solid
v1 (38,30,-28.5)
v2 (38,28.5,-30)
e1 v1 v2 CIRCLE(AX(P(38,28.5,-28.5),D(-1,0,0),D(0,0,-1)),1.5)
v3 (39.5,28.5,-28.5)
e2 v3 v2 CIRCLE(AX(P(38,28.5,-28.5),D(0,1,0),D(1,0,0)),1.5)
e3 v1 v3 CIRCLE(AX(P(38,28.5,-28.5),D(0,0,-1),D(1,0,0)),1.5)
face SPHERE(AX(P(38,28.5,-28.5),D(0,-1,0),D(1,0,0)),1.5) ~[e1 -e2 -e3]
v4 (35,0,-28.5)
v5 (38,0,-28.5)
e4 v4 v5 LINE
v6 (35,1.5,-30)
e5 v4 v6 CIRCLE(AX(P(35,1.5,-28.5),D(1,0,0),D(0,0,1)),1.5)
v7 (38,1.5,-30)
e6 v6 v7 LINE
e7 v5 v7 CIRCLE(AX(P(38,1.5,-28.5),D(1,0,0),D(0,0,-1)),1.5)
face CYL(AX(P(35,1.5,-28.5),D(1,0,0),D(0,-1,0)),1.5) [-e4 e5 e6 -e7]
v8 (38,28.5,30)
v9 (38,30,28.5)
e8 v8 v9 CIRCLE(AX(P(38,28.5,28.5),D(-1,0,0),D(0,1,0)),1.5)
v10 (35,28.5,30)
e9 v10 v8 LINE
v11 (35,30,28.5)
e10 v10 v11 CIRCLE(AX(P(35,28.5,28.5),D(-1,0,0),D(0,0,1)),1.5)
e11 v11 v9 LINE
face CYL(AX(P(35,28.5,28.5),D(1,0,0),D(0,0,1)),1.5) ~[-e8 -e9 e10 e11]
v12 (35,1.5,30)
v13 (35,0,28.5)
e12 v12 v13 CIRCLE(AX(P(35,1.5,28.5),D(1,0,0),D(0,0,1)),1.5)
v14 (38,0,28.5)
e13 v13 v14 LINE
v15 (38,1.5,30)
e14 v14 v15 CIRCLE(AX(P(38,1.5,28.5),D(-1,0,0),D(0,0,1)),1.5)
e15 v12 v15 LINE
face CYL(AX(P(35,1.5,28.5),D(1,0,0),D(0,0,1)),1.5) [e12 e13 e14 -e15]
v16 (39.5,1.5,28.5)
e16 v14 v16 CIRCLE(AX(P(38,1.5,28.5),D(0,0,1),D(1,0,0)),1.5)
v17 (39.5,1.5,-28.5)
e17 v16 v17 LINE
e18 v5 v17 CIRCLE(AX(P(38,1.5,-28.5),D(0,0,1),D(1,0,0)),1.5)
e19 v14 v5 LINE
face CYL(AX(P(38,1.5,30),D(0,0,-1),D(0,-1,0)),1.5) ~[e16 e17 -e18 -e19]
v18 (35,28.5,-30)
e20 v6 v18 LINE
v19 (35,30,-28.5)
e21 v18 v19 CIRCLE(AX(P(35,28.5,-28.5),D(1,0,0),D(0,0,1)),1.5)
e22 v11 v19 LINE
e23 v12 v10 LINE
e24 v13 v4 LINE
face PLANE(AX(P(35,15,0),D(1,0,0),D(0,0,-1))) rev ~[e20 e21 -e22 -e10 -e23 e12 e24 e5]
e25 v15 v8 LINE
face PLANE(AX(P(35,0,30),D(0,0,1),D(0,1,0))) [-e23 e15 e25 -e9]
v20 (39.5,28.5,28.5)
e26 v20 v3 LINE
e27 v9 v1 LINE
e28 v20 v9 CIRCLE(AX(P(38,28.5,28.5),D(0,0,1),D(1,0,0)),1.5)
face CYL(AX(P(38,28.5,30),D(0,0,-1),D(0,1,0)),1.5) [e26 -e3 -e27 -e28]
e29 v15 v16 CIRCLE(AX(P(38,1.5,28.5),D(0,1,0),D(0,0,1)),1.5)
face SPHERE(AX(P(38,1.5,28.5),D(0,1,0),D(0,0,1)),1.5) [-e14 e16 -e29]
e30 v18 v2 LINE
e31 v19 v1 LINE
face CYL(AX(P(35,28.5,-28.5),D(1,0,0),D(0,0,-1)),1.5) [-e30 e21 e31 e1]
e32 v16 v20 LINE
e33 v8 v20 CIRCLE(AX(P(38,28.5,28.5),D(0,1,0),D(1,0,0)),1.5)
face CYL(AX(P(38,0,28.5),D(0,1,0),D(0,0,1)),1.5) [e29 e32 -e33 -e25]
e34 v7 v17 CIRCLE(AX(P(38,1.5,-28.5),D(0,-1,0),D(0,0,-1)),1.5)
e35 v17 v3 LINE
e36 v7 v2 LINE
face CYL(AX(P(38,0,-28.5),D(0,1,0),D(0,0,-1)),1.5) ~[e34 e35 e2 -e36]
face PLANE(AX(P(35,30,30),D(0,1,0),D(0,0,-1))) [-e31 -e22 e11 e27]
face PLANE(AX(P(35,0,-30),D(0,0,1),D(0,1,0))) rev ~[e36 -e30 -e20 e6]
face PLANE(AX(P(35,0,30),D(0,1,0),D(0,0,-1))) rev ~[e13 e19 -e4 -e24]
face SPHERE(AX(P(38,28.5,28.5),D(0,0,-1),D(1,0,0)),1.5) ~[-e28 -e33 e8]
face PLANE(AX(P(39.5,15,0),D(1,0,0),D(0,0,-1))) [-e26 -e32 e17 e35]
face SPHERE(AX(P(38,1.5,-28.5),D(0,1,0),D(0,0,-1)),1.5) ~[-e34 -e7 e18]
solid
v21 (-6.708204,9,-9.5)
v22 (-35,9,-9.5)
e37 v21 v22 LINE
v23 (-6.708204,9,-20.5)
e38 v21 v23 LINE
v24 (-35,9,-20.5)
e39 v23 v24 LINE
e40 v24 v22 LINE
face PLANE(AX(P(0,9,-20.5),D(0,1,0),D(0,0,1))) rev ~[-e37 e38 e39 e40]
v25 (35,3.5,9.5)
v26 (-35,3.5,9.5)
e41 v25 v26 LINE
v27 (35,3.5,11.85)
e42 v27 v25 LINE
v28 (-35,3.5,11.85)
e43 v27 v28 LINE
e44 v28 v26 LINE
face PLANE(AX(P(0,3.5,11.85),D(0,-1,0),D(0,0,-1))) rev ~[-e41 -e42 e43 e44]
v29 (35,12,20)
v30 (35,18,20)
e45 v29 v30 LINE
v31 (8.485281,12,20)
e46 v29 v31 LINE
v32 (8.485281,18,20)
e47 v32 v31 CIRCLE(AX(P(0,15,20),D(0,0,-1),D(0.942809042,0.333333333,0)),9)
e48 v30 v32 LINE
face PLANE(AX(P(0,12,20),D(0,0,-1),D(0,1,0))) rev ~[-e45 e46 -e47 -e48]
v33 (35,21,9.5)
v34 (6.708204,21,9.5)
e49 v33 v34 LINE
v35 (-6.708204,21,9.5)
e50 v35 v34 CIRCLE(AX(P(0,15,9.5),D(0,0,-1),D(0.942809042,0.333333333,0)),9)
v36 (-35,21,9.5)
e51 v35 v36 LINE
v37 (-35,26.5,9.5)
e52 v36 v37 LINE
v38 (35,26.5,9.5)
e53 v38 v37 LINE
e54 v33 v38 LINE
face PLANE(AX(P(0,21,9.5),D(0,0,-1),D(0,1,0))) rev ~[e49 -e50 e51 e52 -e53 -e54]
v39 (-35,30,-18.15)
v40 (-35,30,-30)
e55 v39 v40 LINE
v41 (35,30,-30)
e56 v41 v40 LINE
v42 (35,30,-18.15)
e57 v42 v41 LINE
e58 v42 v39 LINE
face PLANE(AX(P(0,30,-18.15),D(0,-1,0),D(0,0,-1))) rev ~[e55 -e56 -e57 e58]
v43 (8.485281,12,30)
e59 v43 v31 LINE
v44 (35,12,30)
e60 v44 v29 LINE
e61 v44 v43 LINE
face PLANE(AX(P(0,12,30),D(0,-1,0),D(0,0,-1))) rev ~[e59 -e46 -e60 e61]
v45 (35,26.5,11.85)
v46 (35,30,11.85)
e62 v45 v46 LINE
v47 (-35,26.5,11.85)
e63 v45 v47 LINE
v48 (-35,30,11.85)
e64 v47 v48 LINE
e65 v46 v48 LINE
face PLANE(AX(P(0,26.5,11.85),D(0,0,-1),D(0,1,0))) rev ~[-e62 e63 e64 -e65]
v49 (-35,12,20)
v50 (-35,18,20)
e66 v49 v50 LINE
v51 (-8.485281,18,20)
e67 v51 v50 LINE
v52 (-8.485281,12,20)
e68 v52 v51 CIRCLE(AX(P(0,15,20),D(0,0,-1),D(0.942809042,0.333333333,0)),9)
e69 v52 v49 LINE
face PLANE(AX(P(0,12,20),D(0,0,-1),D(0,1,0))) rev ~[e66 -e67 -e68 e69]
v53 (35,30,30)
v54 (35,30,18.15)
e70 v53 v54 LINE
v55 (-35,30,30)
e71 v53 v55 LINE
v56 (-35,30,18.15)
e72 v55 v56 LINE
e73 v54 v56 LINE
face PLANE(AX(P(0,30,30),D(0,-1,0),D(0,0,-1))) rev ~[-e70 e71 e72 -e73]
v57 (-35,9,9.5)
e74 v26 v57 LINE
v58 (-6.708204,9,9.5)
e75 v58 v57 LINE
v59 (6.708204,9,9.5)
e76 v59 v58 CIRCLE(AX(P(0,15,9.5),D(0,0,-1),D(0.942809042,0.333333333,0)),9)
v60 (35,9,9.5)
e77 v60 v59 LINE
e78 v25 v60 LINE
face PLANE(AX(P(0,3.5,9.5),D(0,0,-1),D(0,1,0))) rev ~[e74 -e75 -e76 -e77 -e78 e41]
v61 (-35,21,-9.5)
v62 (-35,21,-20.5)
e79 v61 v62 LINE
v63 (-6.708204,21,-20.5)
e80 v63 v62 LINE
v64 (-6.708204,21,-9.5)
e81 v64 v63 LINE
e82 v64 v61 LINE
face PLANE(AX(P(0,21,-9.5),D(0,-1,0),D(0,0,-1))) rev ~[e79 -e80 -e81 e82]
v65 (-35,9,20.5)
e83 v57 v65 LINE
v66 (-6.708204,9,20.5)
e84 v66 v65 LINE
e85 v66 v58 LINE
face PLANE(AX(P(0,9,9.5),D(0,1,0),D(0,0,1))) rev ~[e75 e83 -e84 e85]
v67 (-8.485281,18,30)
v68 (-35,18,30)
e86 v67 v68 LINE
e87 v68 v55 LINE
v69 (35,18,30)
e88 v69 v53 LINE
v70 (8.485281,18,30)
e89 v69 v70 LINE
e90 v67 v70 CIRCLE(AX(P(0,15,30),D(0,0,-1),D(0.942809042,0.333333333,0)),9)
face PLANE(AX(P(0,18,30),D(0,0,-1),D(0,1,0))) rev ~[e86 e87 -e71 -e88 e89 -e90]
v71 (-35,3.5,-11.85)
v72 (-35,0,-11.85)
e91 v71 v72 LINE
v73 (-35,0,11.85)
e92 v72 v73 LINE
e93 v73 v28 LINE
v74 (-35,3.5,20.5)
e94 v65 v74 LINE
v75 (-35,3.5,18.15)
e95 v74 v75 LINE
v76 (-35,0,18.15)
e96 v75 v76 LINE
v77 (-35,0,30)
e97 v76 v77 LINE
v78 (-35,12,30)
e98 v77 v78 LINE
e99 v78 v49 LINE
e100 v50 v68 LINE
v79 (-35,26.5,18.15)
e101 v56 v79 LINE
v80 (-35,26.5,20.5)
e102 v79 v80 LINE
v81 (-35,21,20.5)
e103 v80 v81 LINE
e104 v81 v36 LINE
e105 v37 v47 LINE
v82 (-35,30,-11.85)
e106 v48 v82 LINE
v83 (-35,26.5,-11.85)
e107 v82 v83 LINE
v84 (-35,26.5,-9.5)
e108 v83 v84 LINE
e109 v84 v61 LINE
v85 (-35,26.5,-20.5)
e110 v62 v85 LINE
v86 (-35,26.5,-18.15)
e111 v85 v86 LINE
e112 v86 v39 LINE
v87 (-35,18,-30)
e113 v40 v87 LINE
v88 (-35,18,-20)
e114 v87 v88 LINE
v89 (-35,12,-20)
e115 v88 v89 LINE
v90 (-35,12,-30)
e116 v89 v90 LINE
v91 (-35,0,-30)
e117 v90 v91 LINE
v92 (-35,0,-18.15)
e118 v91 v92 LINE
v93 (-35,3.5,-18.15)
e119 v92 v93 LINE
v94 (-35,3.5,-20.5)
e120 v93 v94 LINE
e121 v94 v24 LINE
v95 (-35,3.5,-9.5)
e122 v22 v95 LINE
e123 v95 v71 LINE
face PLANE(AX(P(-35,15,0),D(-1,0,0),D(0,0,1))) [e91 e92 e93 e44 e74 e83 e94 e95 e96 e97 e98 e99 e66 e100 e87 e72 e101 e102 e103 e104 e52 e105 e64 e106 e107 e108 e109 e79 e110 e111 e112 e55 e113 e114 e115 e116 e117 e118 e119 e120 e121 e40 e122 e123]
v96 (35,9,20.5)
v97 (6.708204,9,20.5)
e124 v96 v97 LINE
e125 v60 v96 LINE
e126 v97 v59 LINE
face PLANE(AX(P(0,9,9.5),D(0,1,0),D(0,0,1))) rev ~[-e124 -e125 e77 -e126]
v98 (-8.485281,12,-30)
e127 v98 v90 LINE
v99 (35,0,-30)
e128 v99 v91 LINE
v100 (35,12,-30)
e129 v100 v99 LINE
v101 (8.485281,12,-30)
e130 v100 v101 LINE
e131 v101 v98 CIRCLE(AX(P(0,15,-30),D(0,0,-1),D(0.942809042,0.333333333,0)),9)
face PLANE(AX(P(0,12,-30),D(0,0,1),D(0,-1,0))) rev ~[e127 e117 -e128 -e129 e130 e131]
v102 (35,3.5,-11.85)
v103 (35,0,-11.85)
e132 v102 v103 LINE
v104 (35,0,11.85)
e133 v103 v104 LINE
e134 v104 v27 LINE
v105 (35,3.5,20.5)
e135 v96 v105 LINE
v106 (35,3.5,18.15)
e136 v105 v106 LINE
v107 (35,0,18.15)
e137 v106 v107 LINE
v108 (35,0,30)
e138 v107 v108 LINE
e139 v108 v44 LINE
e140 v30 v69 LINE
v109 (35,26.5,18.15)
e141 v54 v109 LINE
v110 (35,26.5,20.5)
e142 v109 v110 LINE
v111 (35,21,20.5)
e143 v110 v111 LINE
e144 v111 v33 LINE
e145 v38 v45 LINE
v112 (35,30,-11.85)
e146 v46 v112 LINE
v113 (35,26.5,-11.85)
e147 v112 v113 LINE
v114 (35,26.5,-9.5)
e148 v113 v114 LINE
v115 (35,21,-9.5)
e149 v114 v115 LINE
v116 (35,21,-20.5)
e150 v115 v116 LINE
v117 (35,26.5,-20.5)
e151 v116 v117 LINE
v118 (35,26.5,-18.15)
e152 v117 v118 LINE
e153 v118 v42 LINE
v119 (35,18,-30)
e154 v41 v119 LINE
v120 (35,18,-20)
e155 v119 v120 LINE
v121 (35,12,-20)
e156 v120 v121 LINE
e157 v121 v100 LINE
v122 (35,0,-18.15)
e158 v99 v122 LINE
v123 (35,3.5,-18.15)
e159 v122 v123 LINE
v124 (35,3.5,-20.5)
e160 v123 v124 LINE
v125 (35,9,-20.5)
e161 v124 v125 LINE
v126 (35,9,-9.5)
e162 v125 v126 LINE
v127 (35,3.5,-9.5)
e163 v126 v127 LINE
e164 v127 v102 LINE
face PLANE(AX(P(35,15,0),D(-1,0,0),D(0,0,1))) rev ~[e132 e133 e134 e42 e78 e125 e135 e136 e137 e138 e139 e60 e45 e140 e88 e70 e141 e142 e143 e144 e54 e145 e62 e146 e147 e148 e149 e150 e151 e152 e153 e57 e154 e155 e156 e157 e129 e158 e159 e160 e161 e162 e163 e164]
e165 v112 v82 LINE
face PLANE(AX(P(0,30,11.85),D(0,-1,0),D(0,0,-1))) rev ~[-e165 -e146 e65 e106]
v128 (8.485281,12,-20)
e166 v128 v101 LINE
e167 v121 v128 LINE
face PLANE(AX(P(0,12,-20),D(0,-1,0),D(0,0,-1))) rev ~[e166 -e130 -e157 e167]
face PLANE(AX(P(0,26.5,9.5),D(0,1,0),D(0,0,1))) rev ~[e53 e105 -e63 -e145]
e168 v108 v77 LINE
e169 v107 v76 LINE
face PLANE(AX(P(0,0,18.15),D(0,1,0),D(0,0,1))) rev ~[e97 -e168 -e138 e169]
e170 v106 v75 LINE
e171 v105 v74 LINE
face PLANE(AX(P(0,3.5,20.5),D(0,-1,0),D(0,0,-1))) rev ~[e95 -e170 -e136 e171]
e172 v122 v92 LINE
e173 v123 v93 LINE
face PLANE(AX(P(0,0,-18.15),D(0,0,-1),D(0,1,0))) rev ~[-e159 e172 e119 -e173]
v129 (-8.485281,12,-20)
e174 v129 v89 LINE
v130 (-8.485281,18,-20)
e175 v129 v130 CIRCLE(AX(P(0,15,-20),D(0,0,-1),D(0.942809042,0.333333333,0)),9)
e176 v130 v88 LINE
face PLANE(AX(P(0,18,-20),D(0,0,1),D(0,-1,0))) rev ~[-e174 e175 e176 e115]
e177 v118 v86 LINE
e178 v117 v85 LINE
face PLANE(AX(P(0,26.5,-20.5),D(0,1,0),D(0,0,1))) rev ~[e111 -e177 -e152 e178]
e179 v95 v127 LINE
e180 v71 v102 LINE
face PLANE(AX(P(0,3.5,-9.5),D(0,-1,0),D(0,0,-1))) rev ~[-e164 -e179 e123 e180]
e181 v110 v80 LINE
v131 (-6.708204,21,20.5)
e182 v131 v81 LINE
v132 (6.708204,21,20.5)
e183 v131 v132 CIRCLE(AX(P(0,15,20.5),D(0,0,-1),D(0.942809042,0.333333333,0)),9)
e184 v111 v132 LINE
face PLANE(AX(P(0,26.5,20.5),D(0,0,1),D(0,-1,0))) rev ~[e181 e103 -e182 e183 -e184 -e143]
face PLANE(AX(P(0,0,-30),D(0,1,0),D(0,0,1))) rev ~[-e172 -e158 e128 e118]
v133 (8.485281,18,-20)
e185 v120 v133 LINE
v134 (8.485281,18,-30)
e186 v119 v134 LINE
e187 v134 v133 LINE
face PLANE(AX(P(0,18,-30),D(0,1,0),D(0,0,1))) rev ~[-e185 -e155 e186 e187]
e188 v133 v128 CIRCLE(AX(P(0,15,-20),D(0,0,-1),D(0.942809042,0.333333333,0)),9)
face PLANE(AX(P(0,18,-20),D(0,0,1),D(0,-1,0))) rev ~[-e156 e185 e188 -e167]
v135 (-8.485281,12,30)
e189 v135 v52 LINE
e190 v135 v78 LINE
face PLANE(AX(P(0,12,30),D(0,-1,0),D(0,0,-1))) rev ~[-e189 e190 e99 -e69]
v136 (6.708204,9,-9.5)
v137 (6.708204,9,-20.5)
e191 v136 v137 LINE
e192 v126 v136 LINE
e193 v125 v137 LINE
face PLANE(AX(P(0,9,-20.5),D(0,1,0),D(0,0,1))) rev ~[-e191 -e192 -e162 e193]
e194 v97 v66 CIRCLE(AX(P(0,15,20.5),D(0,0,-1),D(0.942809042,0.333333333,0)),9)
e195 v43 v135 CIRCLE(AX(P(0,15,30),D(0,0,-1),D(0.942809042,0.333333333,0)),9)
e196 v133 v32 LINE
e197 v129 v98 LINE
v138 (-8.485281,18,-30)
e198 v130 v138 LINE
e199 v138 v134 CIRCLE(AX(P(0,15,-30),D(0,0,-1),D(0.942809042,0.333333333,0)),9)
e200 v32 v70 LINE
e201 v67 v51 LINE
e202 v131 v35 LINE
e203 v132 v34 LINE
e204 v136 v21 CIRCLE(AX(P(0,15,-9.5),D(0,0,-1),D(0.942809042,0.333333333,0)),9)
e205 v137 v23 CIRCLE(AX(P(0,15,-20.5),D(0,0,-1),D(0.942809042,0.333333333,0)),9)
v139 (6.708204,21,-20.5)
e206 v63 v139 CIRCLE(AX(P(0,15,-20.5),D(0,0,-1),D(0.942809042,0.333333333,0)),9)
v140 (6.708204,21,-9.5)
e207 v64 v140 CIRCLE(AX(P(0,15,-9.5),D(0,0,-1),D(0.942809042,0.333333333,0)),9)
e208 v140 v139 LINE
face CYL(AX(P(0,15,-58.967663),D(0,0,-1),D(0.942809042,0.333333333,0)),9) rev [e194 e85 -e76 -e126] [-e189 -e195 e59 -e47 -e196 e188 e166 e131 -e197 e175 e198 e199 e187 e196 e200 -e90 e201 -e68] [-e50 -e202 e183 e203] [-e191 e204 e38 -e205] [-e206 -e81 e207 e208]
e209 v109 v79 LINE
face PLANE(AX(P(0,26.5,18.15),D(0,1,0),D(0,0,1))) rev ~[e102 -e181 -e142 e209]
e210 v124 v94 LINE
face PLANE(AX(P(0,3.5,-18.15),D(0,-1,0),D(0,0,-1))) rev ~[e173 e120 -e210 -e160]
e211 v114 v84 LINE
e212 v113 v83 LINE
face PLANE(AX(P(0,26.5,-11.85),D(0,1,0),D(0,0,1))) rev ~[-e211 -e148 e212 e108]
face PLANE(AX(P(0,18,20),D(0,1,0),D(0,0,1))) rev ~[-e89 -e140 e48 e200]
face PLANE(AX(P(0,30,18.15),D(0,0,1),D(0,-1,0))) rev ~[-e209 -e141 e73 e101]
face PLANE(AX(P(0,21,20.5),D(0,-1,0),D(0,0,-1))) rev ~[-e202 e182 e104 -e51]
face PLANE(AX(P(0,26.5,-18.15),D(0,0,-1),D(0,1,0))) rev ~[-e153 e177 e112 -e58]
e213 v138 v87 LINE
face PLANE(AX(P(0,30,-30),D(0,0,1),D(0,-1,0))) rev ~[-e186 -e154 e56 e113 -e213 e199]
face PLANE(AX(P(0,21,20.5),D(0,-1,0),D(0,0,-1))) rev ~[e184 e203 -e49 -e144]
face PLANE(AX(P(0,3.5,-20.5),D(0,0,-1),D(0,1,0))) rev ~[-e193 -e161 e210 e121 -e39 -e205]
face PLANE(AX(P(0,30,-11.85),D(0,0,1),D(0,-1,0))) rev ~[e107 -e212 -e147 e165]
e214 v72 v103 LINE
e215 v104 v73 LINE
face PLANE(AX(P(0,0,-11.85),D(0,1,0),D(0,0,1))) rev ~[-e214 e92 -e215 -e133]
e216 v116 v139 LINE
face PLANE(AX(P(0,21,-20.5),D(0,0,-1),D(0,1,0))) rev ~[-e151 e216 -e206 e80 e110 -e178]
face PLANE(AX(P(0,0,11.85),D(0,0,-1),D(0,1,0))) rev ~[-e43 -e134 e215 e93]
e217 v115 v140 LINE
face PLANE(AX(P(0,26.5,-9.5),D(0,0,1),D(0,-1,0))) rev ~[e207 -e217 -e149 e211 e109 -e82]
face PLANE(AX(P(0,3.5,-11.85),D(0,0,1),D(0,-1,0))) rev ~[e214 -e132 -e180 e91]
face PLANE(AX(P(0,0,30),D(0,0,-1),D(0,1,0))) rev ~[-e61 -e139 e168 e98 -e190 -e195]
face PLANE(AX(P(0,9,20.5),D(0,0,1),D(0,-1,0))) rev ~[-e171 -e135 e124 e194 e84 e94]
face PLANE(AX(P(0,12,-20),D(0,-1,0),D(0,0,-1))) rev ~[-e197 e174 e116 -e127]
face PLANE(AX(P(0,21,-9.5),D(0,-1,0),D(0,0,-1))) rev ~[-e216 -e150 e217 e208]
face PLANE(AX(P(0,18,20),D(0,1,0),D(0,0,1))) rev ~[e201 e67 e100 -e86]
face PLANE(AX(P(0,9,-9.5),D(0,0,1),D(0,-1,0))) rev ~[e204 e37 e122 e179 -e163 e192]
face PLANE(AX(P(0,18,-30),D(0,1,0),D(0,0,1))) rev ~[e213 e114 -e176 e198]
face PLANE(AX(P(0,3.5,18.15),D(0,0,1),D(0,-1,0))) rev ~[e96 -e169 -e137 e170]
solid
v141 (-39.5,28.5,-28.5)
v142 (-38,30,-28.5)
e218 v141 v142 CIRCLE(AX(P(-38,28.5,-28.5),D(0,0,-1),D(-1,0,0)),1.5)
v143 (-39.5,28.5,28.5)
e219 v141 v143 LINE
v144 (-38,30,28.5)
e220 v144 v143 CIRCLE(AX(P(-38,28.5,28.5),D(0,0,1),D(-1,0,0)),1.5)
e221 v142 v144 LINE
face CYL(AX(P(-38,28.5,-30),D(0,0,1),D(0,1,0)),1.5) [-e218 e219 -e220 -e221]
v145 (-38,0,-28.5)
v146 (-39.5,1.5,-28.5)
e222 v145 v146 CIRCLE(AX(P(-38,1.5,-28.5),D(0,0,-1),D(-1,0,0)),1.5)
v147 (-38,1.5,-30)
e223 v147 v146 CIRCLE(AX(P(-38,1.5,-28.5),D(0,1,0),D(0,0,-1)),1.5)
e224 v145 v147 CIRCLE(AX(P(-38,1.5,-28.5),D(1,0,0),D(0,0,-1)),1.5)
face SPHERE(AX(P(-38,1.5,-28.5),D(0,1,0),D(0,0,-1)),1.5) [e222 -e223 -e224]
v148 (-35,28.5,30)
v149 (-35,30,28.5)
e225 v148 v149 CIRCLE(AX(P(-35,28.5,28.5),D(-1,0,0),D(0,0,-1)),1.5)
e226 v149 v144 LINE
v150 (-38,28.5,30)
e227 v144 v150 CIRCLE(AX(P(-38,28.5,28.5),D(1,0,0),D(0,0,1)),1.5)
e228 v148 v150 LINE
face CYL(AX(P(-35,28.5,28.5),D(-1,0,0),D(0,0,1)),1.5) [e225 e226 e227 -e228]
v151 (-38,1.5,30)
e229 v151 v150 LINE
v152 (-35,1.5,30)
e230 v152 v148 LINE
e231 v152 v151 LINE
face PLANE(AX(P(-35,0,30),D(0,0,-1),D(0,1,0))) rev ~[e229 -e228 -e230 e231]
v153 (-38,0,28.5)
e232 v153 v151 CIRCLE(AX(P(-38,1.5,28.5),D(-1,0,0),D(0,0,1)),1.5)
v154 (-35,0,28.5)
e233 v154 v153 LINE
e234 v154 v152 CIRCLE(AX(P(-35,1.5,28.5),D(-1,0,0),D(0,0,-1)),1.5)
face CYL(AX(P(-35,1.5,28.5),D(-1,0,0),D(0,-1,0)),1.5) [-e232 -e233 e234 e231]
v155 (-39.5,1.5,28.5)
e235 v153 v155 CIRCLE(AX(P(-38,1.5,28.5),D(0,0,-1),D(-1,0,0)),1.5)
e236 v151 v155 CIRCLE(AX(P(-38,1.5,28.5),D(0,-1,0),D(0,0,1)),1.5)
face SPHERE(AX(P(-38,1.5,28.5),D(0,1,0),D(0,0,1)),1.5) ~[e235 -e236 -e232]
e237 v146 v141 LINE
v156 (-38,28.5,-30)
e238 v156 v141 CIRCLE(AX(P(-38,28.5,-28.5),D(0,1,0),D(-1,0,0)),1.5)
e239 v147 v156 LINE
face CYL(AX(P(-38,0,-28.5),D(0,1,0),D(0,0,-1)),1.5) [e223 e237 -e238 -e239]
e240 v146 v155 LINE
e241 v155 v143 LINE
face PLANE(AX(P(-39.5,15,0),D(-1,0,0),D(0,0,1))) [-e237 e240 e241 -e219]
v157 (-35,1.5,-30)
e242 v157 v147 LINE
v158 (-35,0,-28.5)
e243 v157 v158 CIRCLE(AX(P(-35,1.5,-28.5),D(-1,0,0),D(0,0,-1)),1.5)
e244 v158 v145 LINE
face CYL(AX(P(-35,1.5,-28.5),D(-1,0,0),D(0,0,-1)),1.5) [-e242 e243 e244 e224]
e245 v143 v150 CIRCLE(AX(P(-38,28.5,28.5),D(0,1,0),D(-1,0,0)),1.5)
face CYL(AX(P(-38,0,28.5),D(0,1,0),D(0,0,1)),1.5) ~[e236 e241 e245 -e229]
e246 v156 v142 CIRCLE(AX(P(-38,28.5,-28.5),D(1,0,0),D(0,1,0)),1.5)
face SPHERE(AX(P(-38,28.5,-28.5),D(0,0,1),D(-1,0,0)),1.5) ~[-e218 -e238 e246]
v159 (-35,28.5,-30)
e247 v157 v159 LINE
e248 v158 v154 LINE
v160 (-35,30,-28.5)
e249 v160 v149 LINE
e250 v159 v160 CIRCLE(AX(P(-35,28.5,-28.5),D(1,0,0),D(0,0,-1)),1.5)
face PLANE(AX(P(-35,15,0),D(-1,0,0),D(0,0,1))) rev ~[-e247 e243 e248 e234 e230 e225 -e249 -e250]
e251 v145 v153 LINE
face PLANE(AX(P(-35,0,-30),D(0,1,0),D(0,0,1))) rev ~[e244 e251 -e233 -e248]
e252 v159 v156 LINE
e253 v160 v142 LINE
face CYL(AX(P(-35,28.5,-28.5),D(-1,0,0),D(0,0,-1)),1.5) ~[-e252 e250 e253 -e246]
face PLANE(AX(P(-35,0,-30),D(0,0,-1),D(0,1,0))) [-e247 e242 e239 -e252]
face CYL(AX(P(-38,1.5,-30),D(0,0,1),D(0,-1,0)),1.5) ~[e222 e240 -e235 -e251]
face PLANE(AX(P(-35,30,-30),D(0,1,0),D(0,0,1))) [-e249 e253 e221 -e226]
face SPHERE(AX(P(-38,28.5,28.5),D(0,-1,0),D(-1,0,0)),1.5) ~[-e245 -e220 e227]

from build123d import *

# Parameters (mm, degrees)
BOSS_EXTRUDE1_DEPTH     = 35
SKETCH2_W               = 60
SKETCH2_H               = 30
BOSS_EXTRUDE2_DEPTH     = 4.5
SKETCH3_W               = 60
SKETCH3_H               = 30
BOSS_EXTRUDE3_DEPTH     = 4.5
FILLET1_R               = 1.5
FILLET2_R               = 1.5
CUT_EXTRUDE1_DEPTH      = 58.9676634
CUT_EXTRUDE1_DEPTH_BACK = 58.9676634
SKETCH4_R               = 9


with BuildPart() as part:
    # Sketch1 → Boss-Extrude1 (new, symmetric)
    with BuildSketch(Plane(origin=(0, 0, 0), x_dir=(0, 0, -1), z_dir=(1, 0, 0))):
        Polygon((11.85, 0), (-11.85, 0), (-11.85, 3.5), (-9.5, 3.5), (-9.5, 9), (-20.5, 9), (-20.5, 3.5), (-18.15, 3.5), (-18.15, 0), (-30, 0), (-30, 12), (-20, 12), (-20, 18), (-30, 18), (-30, 30), (-18.15, 30), (-18.15, 26.5), (-20.5, 26.5), (-20.5, 21), (-9.5, 21), (-9.5, 26.5), (-11.85, 26.5), (-11.85, 30), (11.85, 30), (11.85, 26.5), (9.5, 26.5), (9.5, 21), (20.5, 21), (20.5, 26.5), (18.15, 26.5), (18.15, 30), (30, 30), (30, 18), (20, 18), (20, 12), (30, 12), (30, 0), (18.15, 0), (18.15, 3.5), (20.5, 3.5), (20.5, 9), (9.5, 9), (9.5, 3.5), (11.85, 3.5), align=None)
    extrude(amount=BOSS_EXTRUDE1_DEPTH, both=True)

    # Sketch4 → Cut-Extrude1 (cut, two sides: drawn at the far end of the back side and taken through both)
    with BuildSketch(Plane.XY.offset(-CUT_EXTRUDE1_DEPTH_BACK)):
        with Locations(Location((0, 15, 0), (0, 0, 19.471220634))):
            Circle(SKETCH4_R)
    extrude(amount=CUT_EXTRUDE1_DEPTH + CUT_EXTRUDE1_DEPTH_BACK, mode=Mode.SUBTRACT)


with BuildPart() as body_2:
    # Sketch2 → Boss-Extrude2 (new body)
    with BuildSketch(Plane(origin=(35, 0, 0), x_dir=(0, 0, -1), z_dir=(1, 0, 0))):
        with Locations((0, 15)):
            Rectangle(SKETCH2_W, SKETCH2_H)
    extrude(amount=BOSS_EXTRUDE2_DEPTH)

    # Fillet2
    fillet2_edges = [body_2.edges().sort_by_distance(p)[0] for p in [
        (39.5, 15, -30),
        (39.5, 30, 0),
        (39.5, 15, 30),
        (37.25, 30, 30),
        (37.25, 30, -30),
        (37.25, 0, -30),
        (37.25, 0, 30),
        (39.5, 0, 0),
    ]]
    fillet(fillet2_edges, radius=FILLET2_R)


with BuildPart() as body_3:
    # Sketch3 → Boss-Extrude3 (new body)
    with BuildSketch(Plane.ZY.offset(35)):
        with Locations((0, 15)):
            Rectangle(SKETCH3_W, SKETCH3_H)
    extrude(amount=BOSS_EXTRUDE3_DEPTH)

    # Fillet1
    fillet1_edges = [body_3.edges().sort_by_distance(p)[0] for p in [
        (-39.5, 15, 30),
        (-39.5, 30, 0),
        (-39.5, 15, -30),
        (-37.25, 30, -30),
        (-37.25, 30, 30),
        (-37.25, 0, 30),
        (-37.25, 0, -30),
        (-39.5, 0, 0),
    ]]
    fillet(fillet1_edges, radius=FILLET1_R)


solid = Compound([part.part, body_2.part, body_3.part])
